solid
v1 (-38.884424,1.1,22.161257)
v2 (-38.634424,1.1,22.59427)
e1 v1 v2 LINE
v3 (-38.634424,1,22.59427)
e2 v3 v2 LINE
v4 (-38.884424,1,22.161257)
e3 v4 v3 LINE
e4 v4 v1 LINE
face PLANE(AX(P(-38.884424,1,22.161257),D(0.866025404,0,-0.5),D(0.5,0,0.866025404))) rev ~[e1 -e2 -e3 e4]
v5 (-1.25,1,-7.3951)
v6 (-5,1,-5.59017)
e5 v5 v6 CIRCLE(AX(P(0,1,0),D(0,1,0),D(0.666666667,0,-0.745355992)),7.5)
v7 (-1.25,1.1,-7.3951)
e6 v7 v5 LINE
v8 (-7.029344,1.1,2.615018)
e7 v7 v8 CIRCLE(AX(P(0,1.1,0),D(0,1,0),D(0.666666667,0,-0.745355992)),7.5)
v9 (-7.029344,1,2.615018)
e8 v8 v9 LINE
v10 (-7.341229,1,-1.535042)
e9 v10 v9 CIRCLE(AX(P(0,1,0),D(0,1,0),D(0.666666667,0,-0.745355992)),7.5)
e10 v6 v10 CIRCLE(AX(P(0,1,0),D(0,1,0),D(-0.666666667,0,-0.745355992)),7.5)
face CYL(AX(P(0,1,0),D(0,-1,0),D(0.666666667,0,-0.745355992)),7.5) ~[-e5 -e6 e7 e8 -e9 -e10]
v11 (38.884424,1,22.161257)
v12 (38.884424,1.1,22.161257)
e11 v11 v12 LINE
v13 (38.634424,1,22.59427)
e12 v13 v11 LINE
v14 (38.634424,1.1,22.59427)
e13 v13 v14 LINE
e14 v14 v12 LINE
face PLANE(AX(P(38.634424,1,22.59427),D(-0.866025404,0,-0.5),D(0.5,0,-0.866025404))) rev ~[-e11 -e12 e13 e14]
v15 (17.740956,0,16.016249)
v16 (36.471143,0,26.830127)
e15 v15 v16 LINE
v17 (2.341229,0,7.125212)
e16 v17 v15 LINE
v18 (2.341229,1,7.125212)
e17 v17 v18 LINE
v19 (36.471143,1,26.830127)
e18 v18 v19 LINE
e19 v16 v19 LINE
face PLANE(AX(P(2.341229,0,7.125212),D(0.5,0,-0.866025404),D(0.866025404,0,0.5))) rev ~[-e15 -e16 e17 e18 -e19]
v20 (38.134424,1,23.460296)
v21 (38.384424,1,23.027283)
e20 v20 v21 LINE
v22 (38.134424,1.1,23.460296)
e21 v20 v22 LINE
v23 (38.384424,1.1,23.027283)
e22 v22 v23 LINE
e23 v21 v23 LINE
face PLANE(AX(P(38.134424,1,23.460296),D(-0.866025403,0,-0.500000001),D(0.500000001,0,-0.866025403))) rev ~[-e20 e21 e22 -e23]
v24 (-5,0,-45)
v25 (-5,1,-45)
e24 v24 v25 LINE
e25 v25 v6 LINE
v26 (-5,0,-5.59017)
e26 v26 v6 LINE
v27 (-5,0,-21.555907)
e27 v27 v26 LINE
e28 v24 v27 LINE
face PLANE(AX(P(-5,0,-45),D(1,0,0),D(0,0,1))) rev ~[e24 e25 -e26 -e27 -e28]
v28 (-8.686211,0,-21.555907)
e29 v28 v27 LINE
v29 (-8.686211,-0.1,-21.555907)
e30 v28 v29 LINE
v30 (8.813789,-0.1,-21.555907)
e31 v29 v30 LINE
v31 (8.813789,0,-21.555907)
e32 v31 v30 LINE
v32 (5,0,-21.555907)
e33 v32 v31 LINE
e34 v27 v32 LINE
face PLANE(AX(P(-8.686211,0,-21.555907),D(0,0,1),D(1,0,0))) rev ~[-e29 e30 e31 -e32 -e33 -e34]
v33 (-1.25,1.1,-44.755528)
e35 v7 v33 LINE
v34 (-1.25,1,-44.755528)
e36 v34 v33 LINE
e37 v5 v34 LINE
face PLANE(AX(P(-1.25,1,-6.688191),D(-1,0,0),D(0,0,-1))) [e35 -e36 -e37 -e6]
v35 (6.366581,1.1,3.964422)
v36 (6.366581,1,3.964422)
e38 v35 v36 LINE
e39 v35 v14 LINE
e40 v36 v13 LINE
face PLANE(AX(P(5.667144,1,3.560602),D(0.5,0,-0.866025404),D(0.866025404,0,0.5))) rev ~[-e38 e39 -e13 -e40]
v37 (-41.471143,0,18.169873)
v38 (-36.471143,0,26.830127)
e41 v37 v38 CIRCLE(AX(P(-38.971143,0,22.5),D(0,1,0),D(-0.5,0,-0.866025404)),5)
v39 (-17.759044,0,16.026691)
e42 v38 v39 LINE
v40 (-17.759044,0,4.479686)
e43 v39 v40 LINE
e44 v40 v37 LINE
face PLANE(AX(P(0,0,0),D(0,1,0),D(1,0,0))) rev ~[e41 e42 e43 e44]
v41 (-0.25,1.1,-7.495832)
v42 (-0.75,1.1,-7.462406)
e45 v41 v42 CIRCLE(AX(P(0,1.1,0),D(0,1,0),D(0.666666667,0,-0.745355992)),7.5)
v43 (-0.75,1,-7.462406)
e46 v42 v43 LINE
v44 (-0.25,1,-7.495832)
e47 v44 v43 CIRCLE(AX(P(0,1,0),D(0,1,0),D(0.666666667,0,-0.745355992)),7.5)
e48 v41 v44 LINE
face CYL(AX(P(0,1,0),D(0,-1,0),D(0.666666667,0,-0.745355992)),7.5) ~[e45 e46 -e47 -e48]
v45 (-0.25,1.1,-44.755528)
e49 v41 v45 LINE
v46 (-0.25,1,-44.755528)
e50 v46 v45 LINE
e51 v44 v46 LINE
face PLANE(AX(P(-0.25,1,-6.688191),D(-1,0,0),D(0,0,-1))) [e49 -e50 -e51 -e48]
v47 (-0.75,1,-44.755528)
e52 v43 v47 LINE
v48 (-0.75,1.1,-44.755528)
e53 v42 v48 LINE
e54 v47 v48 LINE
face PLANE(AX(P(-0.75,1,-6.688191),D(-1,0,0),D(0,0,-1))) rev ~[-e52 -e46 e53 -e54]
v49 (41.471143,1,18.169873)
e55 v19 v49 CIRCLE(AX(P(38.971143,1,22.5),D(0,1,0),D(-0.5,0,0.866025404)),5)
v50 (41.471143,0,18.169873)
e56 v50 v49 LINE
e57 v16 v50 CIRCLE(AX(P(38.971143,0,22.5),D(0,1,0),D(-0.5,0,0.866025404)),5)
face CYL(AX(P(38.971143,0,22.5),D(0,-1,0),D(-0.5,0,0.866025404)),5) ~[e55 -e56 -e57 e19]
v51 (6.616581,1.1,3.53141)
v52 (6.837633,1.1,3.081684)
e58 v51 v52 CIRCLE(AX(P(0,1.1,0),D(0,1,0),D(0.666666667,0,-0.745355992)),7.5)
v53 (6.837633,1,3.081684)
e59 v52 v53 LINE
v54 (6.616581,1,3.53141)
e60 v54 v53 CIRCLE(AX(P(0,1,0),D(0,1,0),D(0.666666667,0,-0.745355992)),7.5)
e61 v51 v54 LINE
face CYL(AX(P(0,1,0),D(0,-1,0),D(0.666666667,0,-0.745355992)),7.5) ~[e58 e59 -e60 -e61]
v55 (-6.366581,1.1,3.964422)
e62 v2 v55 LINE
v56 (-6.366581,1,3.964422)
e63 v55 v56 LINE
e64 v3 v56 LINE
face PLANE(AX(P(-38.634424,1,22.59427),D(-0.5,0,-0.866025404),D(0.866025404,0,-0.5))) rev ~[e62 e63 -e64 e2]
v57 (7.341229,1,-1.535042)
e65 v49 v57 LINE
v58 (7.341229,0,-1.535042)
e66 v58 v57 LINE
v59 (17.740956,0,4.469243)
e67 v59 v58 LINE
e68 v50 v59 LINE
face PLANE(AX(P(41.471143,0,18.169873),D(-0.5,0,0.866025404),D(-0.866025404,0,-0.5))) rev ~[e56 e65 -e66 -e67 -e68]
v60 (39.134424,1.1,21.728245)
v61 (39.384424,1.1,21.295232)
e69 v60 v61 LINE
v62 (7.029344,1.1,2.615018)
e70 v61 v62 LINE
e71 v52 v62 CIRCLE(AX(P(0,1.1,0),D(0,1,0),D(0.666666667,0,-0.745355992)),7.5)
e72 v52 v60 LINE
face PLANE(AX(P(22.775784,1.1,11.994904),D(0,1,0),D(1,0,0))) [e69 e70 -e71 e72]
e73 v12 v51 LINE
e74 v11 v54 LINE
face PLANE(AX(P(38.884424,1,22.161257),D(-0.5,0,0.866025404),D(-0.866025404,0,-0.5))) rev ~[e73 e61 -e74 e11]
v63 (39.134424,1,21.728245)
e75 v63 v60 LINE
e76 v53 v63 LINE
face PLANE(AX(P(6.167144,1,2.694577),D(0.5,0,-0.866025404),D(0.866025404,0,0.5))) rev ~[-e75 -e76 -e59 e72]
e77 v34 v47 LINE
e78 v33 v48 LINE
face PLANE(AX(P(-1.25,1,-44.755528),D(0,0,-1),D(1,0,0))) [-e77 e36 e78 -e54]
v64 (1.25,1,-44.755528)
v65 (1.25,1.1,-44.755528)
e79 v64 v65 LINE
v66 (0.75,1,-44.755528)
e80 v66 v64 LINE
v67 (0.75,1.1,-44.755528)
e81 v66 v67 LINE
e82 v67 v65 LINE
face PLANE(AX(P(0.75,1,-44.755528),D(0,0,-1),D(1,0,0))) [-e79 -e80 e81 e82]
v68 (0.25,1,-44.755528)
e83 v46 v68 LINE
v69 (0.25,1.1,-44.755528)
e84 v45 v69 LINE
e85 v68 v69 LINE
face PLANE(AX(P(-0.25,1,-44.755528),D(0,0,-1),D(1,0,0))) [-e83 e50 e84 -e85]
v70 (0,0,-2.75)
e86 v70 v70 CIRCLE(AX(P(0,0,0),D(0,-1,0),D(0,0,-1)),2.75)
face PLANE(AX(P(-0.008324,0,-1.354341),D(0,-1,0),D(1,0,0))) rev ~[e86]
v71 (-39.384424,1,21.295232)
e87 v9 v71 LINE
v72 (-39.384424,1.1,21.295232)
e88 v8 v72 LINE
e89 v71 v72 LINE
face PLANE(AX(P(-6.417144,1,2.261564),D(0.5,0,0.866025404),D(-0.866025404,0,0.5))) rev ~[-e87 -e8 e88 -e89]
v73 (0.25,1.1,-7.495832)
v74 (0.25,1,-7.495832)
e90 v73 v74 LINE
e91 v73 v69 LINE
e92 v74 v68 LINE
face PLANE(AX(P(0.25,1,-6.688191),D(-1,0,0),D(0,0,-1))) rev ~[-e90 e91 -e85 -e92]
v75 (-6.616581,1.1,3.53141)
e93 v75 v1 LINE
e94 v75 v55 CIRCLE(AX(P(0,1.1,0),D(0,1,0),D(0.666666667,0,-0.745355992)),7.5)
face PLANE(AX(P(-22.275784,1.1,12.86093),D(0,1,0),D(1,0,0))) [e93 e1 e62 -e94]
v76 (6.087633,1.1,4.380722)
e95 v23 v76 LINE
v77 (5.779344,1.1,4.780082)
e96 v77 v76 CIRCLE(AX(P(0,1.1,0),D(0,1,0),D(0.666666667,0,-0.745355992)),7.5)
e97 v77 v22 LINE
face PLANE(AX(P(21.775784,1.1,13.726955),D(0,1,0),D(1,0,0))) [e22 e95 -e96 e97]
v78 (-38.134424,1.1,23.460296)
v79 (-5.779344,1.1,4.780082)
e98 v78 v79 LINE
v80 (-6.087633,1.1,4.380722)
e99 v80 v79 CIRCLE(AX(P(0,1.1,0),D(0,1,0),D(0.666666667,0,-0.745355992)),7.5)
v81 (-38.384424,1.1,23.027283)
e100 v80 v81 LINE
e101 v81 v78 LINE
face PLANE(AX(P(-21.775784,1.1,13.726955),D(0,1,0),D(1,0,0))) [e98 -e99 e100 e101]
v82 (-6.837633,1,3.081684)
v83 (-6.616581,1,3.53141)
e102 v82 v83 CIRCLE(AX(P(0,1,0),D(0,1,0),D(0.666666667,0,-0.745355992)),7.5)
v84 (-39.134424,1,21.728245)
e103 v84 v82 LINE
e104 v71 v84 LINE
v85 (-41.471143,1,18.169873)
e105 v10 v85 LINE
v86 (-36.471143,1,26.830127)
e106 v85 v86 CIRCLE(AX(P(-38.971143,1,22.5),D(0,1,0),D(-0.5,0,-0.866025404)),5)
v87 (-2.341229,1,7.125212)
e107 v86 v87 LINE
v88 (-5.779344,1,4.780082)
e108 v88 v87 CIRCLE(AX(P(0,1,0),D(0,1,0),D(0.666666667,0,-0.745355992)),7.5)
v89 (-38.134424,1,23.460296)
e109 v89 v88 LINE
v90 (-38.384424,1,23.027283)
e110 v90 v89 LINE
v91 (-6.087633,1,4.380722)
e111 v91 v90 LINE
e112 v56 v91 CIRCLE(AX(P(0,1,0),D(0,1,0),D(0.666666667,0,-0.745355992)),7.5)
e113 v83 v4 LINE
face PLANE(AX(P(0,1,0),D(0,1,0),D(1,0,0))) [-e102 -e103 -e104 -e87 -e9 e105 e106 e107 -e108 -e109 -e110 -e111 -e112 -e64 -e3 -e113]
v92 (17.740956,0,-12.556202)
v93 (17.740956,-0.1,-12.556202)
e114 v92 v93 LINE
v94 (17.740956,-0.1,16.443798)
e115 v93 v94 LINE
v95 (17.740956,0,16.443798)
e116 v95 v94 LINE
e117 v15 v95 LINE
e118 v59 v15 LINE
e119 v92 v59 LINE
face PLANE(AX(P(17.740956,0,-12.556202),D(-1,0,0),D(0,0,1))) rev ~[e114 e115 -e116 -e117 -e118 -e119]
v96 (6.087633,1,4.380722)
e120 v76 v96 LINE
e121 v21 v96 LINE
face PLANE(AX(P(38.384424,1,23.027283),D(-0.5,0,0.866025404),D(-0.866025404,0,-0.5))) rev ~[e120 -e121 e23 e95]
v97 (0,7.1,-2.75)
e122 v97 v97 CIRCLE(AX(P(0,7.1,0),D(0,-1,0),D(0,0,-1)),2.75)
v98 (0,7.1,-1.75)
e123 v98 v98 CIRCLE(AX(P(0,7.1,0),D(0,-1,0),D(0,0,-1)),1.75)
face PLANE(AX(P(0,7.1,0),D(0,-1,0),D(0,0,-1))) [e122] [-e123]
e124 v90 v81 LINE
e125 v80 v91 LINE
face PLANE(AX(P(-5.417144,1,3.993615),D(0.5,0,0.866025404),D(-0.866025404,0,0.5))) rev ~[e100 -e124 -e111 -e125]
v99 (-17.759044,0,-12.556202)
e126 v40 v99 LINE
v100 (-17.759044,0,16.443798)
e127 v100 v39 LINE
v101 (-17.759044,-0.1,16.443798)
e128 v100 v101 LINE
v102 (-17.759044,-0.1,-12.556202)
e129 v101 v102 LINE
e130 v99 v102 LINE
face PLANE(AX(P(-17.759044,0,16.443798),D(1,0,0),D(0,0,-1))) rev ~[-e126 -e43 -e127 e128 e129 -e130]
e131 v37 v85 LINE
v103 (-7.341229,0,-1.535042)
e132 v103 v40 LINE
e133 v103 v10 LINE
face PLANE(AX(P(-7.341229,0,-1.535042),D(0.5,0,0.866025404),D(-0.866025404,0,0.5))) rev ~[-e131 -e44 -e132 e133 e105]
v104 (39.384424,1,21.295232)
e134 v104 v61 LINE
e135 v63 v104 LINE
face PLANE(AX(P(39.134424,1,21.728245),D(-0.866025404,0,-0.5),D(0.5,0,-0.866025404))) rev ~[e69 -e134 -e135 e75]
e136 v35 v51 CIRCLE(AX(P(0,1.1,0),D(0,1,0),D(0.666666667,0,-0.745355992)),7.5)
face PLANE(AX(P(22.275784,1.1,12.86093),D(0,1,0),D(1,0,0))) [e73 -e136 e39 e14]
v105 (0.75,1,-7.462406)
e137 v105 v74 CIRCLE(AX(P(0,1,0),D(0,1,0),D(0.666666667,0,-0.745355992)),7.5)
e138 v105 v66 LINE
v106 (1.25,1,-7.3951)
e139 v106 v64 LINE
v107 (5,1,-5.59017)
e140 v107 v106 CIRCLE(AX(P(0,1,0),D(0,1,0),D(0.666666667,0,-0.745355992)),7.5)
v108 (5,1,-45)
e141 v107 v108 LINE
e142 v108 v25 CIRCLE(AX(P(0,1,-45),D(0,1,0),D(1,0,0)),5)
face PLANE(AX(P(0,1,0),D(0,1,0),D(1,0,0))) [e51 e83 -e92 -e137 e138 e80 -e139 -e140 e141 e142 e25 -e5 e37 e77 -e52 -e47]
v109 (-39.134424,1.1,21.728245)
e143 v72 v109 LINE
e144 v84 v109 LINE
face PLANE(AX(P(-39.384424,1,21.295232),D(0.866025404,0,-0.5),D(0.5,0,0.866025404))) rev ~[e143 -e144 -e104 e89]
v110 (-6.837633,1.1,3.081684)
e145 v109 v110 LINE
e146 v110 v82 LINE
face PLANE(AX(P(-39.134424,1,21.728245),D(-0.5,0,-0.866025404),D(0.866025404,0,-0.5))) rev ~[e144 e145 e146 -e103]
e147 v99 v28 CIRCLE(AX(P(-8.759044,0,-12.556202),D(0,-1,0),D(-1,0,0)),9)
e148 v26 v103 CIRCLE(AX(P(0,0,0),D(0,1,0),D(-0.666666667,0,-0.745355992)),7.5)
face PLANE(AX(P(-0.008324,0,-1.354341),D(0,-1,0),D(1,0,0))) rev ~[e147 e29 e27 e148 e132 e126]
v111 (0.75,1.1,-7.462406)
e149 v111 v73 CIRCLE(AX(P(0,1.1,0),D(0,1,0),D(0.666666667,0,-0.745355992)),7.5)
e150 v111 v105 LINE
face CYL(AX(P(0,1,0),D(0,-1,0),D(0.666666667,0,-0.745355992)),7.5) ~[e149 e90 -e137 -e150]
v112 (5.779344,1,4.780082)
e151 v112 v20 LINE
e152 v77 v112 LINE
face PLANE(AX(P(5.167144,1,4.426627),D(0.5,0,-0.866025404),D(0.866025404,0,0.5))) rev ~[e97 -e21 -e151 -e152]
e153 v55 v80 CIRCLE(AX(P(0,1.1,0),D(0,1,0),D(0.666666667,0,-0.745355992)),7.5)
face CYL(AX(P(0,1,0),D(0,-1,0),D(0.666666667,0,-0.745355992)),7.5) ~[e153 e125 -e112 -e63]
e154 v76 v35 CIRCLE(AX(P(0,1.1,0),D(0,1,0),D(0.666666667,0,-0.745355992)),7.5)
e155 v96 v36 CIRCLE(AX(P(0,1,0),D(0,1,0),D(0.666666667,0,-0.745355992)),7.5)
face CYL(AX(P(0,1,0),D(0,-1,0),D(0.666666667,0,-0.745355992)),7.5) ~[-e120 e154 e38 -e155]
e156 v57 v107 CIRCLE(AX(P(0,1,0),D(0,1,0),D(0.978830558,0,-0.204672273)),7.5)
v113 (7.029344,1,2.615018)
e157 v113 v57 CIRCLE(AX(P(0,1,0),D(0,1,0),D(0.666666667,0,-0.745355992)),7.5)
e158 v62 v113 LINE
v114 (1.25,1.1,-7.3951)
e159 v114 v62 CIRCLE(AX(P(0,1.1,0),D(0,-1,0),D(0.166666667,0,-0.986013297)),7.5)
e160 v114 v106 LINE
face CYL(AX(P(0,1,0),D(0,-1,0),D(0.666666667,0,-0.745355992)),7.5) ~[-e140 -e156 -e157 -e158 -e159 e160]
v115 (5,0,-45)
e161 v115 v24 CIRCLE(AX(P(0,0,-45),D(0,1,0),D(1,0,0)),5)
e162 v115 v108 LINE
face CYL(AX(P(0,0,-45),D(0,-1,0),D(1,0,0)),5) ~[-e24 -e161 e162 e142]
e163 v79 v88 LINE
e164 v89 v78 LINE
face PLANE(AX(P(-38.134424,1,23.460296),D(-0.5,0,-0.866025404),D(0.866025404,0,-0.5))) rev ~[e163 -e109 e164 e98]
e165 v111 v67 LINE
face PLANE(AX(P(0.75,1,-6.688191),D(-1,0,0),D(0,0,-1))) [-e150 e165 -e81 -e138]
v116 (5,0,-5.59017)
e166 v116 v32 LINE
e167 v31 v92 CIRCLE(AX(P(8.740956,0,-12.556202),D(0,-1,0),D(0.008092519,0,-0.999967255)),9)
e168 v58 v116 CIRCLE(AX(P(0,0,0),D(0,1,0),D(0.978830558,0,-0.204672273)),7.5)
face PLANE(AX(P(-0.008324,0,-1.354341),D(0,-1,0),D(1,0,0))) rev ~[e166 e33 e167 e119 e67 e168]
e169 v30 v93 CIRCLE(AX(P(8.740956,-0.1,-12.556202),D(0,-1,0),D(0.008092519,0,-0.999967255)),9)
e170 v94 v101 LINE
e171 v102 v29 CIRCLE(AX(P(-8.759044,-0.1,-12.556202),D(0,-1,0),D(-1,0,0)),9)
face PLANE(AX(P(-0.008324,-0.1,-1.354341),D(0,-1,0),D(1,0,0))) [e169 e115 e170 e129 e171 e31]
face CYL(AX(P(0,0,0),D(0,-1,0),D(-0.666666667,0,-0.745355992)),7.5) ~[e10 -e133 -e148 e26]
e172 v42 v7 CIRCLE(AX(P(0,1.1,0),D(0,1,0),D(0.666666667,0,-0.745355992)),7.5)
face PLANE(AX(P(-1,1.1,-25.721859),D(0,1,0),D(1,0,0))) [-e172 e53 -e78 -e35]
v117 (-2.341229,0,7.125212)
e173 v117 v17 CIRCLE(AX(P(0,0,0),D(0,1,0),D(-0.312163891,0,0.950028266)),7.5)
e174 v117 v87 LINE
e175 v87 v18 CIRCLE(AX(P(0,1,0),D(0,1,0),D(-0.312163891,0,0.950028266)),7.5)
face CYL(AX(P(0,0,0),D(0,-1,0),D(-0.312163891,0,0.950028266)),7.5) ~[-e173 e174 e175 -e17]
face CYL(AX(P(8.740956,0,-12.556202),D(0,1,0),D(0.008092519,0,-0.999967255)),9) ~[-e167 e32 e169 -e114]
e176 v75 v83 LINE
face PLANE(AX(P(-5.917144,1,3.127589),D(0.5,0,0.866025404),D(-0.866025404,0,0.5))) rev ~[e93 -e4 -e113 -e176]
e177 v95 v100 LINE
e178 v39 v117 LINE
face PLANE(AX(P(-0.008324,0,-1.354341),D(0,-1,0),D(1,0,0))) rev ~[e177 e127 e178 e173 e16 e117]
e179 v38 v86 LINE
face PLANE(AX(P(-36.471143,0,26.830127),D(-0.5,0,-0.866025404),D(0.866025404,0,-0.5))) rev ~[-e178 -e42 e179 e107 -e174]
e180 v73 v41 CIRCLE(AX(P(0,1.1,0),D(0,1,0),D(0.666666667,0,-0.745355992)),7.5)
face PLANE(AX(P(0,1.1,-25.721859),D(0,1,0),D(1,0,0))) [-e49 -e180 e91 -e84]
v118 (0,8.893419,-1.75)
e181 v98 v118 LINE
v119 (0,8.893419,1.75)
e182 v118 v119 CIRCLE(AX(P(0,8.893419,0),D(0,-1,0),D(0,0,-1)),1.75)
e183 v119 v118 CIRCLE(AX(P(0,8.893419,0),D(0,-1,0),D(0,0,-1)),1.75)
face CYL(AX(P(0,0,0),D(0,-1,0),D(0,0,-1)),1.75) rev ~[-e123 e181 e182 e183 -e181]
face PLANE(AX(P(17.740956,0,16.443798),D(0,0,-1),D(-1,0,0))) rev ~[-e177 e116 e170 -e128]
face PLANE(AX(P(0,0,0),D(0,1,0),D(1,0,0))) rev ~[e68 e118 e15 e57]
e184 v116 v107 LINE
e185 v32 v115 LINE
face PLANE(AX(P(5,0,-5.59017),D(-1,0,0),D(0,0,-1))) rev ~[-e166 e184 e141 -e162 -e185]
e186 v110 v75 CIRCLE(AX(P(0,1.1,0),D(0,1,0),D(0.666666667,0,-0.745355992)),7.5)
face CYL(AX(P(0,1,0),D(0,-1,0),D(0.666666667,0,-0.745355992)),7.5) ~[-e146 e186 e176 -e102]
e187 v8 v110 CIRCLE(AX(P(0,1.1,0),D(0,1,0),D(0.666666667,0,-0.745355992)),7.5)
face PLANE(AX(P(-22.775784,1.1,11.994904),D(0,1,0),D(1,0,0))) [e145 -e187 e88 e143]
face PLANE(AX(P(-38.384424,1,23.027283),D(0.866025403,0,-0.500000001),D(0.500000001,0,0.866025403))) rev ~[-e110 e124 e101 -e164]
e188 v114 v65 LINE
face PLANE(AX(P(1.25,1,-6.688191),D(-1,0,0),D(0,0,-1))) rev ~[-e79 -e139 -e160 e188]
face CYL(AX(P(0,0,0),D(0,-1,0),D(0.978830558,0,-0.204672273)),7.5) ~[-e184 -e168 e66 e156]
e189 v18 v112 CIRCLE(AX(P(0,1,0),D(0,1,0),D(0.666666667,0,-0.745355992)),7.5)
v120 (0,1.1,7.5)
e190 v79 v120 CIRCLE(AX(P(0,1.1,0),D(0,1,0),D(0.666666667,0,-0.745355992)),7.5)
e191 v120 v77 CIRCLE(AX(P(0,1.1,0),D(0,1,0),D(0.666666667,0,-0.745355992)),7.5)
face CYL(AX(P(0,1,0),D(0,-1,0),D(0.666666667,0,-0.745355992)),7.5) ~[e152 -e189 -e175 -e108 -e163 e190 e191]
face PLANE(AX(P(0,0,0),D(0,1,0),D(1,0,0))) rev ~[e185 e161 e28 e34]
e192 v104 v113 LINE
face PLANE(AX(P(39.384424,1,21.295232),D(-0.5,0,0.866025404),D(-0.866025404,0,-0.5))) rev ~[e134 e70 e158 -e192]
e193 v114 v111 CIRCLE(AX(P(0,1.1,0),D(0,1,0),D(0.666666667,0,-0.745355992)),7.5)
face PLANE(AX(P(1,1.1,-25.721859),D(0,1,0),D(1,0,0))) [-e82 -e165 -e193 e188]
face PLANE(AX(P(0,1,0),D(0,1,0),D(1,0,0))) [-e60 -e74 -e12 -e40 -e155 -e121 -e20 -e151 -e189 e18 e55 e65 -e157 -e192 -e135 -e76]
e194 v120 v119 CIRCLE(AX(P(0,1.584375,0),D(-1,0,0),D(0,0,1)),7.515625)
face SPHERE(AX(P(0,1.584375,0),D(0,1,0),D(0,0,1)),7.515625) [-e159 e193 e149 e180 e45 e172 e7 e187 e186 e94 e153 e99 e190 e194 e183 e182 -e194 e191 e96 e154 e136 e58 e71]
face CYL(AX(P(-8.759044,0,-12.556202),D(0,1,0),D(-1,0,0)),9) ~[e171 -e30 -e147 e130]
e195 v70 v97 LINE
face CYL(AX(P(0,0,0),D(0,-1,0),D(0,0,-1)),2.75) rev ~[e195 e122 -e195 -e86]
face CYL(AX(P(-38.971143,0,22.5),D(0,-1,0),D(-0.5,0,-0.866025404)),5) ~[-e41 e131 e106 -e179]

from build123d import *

# Parameters (mm, degrees)
BOSS_EXTRUDE1_DEPTH = 1
SKETCH2_R           = 7.5
BOSS_EXTRUDE2_DEPTH = 0.1
DOME1_FACE_RADIUS   = 7.5
DOME1_HEIGHT        = 8
SKETCH3_R           = 1.75
CUT_EXTRUDE1_DEPTH  = 68.203209981
SKETCH5_R           = 2.75
CUT_EXTRUDE2_DEPTH  = 7.1
SKETCH6_W           = 0.5
SKETCH6_H           = 38.067336288
BOSS_EXTRUDE3_DEPTH = 0.1
BOSS_EXTRUDE6_DEPTH = 0.1


with BuildPart() as part:
    # Sketch1 → Boss-Extrude1 (new body)
    with BuildSketch(Plane(origin=(0, 0, 0), x_dir=(1, 0, 0), z_dir=(0, 1, 0))):
        with BuildLine():
            Line((-5, 45), (-5, 5.590169944))
            ThreePointArc((-5, 5.590169944), (-6.495190528, 3.75), (-7.341229183, 1.535042047))
            Line((-7.341229183, 1.535042047), (-41.47114317, -18.169872981))
            ThreePointArc((-41.47114317, -18.169872981), (-43.301270189, -25), (-36.47114317, -26.830127019))
            Line((-36.47114317, -26.830127019), (-2.341229183, -7.125211991))
            ThreePointArc((-2.341229183, -7.125211991), (0, -7.5), (2.341229183, -7.125211991))
            Line((2.341229183, -7.125211991), (36.47114317, -26.830127019))
            ThreePointArc((36.47114317, -26.830127019), (43.301270189, -25), (41.47114317, -18.169872981))
            Line((41.47114317, -18.169872981), (7.341229183, 1.535042047))
            ThreePointArc((7.341229183, 1.535042047), (6.495190528, 3.75), (5, 5.590169944))
            Line((5, 5.590169944), (5, 45))
            ThreePointArc((5, 45), (0, 50), (-5, 45))
        make_face()
    extrude(amount=BOSS_EXTRUDE1_DEPTH)

    # Sketch2 → Boss-Extrude2 (add)
    with BuildSketch(Plane(origin=(0, 1, 0), x_dir=(1, 0, 0), z_dir=(0, 1, 0))):
        with Locations(Location((0, 0, 0), (0, 0, 48.189685104))):
            Circle(SKETCH2_R)
    extrude(amount=BOSS_EXTRUDE2_DEPTH)

    # Dome1: a dome of height H over a round flat face of radius A is a cap of a sphere of radius (A * A + H * H) / (2 * H)
    dome1_r = (DOME1_FACE_RADIUS * DOME1_FACE_RADIUS + DOME1_HEIGHT * DOME1_HEIGHT) / (2 * DOME1_HEIGHT)
    dome1_base = Plane((0, 1.1, 0), z_dir=(0, 1, 0))
    with Locations(dome1_base.offset(DOME1_HEIGHT - dome1_r)):
        dome1_ball = Sphere(dome1_r, mode=Mode.PRIVATE)
    add(split(dome1_ball, bisect_by=dome1_base, keep=Keep.TOP, mode=Mode.PRIVATE))

    # Sketch3 → Cut-Extrude1 (cut, through all)
    with BuildSketch(Plane.XZ):
        with Locations(Location((0, 0, 0), (0, 0, 270))):
            Circle(SKETCH3_R)
    extrude(amount=-CUT_EXTRUDE1_DEPTH, mode=Mode.SUBTRACT)

    # Sketch5 → Cut-Extrude2 (cut)
    with BuildSketch(Plane.XZ):
        with Locations(Location((0, 0, 0), (0, 0, 270))):
            Circle(SKETCH5_R)
    extrude(amount=-CUT_EXTRUDE2_DEPTH, mode=Mode.SUBTRACT)

    # Sketch6 → Boss-Extrude3 (add)
    with BuildSketch(Plane(origin=(0, 1, 0), x_dir=(1, 0, 0), z_dir=(0, 1, 0))):
        with Locations((-1, 25.721859363)):
            Rectangle(SKETCH6_W, SKETCH6_H)
        with Locations((0, 25.721859363)):
            Rectangle(SKETCH6_W, SKETCH6_H)
        with Locations((1, 25.721859363)):
            Rectangle(SKETCH6_W, SKETCH6_H)
        Polygon((39.384423781, -21.295231999), (6.417143501, -2.261563855), (6.167143501, -2.694576557), (39.134423781, -21.728244701), align=None)
        Polygon((38.884423781, -22.161257403), (5.917143501, -3.127589259), (5.667143501, -3.560601961), (38.634423781, -22.594270105), align=None)
        Polygon((38.384423781, -23.027282807), (5.417143501, -3.993614663), (5.167143501, -4.426627364), (38.134423781, -23.460295508), align=None)
        Polygon((-38.134423781, -23.460295508), (-5.167143501, -4.426627364), (-5.417143501, -3.993614663), (-38.384423781, -23.027282807), align=None)
        Polygon((-38.634423781, -22.594270105), (-5.667143501, -3.560601961), (-5.917143501, -3.127589259), (-38.884423781, -22.161257403), align=None)
        Polygon((-39.134423781, -21.728244701), (-6.167143501, -2.694576557), (-6.417143501, -2.261563855), (-39.384423781, -21.295231999), align=None)
    extrude(amount=BOSS_EXTRUDE3_DEPTH)

    # Sketch11 → Boss-Extrude6 (add)
    with BuildSketch(Plane.XZ):
        with BuildLine():
            Line((17.740956204, 16.443798031), (-17.759043796, 16.443798031))
            Line((-17.759043796, 16.443798031), (-17.759043796, -12.556201969))
            ThreePointArc((-17.759043796, -12.556201969), (-15.097202282, -18.94586135), (-8.686211126, -21.555907264))
            Line((-8.686211126, -21.555907264), (8.813788874, -21.555907264))
            ThreePointArc((8.813788874, -21.555907264), (15.130615586, -18.894360454), (17.740956204, -12.556201969))
            Line((17.740956204, -12.556201969), (17.740956204, 16.443798031))
        make_face()
    extrude(amount=BOSS_EXTRUDE6_DEPTH)


solid = part.part
